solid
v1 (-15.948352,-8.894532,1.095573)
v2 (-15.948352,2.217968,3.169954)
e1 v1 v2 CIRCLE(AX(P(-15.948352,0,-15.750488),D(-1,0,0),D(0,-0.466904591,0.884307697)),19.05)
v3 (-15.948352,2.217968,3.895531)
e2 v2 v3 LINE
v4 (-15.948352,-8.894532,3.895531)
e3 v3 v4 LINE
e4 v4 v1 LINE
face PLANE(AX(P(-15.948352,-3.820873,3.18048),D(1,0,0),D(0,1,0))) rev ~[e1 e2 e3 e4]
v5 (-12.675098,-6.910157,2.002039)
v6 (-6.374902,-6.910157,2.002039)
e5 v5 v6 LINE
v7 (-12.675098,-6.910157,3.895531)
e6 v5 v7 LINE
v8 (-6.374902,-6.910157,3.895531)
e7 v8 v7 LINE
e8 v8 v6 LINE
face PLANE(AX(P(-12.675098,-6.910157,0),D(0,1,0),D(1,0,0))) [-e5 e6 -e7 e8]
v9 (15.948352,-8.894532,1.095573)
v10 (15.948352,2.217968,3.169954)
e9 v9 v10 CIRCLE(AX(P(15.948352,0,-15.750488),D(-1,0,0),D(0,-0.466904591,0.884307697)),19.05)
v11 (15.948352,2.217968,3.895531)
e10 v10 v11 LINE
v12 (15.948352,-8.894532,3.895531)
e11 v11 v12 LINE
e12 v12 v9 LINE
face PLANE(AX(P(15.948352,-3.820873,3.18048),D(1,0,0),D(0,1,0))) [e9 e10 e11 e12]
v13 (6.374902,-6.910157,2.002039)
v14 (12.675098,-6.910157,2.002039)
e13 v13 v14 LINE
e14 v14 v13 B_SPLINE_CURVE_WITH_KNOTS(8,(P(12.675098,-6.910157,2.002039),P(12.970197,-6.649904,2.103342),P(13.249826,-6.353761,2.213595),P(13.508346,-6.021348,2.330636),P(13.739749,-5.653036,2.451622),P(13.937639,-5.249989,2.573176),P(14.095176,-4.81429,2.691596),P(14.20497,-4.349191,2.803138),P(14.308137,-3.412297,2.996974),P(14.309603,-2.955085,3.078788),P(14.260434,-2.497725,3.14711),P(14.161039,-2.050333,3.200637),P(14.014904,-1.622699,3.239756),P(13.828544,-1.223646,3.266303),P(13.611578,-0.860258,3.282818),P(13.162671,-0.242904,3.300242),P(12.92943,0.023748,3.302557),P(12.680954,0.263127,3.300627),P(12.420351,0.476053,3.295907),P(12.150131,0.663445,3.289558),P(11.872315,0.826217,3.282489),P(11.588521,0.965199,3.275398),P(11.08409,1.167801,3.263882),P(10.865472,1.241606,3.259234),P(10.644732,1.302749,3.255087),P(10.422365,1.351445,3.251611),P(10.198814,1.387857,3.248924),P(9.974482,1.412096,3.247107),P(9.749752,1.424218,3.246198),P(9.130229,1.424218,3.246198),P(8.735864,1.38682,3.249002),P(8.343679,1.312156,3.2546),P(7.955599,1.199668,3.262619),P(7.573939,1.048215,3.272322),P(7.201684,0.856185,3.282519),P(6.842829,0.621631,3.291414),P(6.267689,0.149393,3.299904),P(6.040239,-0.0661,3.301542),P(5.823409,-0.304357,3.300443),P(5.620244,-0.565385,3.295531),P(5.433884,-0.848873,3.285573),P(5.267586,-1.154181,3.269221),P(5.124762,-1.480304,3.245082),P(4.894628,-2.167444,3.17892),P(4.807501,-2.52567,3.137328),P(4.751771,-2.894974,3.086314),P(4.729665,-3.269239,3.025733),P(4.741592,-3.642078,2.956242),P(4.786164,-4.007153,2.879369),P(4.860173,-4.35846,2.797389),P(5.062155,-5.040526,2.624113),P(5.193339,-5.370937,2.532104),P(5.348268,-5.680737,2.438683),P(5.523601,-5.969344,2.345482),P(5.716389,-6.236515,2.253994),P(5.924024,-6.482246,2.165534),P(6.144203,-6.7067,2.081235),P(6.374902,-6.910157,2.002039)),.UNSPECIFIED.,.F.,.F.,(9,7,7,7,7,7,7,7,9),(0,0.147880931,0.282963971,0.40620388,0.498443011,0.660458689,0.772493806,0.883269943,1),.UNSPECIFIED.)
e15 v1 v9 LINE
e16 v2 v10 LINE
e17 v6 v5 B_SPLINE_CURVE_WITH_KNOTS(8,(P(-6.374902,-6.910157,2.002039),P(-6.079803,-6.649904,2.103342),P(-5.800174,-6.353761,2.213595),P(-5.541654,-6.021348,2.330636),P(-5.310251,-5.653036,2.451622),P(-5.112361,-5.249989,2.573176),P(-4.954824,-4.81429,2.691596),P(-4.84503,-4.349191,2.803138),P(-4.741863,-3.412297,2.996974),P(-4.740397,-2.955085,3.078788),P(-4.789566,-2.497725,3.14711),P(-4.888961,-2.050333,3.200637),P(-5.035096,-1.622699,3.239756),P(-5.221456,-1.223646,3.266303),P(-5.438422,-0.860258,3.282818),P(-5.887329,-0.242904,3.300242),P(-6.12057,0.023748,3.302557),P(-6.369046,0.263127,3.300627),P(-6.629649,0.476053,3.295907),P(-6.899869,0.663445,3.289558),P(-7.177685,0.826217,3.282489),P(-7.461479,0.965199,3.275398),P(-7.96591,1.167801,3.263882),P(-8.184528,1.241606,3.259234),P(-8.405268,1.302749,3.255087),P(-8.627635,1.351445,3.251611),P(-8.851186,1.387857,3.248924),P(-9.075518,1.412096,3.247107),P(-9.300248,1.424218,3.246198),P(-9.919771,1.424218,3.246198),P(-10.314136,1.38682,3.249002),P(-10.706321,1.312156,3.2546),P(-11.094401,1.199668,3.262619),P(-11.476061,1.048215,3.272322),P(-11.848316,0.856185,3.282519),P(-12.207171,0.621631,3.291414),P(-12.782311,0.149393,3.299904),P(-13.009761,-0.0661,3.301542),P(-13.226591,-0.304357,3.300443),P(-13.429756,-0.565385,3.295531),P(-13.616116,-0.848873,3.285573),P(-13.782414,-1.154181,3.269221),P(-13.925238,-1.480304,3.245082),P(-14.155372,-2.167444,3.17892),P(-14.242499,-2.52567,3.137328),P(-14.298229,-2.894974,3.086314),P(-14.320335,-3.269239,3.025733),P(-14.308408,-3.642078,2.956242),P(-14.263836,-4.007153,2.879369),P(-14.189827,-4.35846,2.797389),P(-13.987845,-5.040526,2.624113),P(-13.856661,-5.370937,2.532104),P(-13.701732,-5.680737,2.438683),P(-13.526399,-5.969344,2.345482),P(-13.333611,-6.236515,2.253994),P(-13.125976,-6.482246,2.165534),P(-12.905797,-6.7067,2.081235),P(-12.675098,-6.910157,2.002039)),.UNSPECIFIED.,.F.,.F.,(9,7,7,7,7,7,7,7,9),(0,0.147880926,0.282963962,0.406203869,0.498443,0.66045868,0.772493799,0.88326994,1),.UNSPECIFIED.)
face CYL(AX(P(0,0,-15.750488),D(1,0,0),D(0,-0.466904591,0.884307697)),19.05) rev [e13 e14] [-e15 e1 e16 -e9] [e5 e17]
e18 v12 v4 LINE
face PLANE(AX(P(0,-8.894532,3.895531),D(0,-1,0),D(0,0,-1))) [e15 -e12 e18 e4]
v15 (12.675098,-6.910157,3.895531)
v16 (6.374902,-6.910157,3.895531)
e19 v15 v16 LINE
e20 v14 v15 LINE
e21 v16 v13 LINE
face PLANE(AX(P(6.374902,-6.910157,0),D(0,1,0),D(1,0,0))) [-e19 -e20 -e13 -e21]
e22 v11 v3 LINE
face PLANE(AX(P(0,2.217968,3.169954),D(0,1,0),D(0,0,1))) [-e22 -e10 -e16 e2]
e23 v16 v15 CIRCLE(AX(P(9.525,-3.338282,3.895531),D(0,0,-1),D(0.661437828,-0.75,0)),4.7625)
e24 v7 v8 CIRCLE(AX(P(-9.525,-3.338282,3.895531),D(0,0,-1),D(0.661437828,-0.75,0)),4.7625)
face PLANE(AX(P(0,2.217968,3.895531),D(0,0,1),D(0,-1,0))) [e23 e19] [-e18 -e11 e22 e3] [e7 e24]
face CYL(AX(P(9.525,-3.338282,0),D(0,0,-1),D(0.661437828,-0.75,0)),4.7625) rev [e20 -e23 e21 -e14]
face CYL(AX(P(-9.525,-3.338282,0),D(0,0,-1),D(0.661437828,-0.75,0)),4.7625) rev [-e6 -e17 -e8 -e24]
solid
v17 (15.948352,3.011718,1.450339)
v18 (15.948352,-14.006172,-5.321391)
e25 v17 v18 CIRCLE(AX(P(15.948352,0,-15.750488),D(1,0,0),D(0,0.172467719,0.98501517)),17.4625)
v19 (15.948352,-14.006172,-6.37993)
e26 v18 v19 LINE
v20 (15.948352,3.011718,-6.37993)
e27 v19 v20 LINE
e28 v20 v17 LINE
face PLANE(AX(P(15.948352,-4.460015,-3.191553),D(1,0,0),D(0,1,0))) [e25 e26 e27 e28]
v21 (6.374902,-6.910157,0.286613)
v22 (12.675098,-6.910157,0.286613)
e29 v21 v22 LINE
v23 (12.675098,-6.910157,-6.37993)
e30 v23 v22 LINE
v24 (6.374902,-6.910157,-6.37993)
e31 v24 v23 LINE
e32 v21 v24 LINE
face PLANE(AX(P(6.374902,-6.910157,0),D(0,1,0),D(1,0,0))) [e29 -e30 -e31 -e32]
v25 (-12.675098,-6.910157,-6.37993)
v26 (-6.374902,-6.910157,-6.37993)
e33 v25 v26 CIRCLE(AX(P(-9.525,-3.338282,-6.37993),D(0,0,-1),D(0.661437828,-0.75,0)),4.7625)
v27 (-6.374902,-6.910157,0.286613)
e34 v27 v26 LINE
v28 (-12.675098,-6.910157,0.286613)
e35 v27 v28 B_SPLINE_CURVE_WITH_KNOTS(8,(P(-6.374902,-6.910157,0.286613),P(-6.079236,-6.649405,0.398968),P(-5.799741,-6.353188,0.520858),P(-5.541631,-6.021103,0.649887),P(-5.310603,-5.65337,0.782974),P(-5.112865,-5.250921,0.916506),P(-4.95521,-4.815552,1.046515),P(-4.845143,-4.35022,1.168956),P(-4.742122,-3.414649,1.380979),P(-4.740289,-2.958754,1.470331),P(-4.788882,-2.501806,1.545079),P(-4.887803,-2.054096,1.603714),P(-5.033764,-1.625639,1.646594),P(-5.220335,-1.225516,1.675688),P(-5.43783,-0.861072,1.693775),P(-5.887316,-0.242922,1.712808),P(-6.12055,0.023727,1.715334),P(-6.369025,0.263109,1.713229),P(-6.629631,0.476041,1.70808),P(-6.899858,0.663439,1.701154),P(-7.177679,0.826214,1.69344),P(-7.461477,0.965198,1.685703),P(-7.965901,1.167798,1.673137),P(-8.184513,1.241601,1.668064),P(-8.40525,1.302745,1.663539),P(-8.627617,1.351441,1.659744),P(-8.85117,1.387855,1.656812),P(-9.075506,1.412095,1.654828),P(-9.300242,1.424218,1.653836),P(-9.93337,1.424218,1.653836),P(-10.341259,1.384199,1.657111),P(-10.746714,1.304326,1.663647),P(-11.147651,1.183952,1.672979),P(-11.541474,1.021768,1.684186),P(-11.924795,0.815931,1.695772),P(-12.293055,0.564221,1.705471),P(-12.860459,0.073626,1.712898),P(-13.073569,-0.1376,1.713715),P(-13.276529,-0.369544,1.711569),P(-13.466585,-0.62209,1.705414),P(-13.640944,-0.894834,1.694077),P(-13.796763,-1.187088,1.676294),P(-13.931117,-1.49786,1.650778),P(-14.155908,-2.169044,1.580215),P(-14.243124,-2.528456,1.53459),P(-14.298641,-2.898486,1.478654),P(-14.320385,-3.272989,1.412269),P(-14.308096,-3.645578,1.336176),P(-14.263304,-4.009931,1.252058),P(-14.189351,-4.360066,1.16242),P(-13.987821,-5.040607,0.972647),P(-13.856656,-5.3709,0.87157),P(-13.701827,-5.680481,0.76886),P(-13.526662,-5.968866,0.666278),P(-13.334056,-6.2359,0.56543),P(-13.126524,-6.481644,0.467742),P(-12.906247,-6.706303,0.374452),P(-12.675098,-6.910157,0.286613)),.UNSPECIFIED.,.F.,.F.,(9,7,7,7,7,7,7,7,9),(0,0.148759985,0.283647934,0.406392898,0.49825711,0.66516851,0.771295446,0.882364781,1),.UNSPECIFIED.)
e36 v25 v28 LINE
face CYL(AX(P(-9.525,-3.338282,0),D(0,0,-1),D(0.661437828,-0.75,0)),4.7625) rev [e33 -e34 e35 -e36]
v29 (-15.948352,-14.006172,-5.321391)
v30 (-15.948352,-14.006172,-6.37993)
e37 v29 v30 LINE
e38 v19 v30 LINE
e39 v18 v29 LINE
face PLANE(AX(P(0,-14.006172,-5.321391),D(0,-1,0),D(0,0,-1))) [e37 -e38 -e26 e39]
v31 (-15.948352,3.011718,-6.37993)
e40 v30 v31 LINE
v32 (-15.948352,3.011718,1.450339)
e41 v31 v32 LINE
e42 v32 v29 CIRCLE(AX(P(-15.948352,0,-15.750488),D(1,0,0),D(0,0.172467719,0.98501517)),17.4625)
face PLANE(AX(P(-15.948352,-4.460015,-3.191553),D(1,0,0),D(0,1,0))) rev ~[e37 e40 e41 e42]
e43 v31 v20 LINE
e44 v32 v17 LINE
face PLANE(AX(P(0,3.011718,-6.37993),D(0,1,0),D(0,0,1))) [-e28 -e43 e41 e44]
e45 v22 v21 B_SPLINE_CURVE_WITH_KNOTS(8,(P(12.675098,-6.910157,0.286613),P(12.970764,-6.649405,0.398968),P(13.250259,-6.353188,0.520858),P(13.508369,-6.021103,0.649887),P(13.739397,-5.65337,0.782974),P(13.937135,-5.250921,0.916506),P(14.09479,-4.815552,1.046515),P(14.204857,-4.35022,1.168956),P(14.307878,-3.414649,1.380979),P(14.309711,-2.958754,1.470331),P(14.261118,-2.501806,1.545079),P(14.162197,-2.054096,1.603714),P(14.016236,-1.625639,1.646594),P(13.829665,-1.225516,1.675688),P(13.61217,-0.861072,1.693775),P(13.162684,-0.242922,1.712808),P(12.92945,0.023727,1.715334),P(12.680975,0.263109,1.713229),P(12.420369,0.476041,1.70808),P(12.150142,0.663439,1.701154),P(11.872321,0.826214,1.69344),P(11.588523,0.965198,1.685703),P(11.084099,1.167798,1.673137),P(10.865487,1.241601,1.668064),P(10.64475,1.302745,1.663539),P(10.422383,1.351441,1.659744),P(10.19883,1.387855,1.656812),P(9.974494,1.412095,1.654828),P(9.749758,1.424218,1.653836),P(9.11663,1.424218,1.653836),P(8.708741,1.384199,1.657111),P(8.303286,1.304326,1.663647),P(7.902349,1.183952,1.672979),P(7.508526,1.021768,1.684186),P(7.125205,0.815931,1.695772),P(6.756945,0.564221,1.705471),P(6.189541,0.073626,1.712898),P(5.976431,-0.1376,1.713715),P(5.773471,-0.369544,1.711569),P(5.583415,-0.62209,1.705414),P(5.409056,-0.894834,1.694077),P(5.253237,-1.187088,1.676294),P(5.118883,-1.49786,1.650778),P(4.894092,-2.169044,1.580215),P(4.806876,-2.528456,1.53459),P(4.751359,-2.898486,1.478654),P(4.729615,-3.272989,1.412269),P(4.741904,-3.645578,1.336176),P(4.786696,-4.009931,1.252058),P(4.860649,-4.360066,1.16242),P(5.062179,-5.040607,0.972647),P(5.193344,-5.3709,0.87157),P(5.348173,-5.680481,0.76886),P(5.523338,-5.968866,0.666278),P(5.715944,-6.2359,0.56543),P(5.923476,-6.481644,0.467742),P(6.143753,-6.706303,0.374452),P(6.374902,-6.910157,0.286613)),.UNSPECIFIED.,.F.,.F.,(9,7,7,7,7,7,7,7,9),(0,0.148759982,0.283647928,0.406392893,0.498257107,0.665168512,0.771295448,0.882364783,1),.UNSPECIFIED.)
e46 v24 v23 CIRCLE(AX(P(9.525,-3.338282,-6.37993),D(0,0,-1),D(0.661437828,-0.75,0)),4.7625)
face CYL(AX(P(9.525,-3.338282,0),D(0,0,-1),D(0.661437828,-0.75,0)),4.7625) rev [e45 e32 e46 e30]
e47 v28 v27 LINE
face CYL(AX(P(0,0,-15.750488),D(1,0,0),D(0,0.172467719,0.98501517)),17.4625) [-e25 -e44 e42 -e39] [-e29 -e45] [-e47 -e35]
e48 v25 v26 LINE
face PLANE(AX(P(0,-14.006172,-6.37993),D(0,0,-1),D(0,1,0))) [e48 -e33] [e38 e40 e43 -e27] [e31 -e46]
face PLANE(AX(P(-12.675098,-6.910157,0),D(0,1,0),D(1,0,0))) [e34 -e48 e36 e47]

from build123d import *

# Parameters (mm, degrees)
F4_DEPTH      = 15.9483520034
F4_DEPTH_BACK = 15.9483520034
F5_DEPTH      = 6.3809299883
F5_DEPTH_BACK = 3.8965306216


with BuildPart() as f4:
    # F2 (on Right) → F4 (new body, two sides)
    with BuildSketch(Plane.YZ) as f4_sk:
        with BuildLine():
            Line((-14.0061716288, -6.3799299883), (3.0117175353, -6.3799299883))
            Line((3.0117175353, -6.3799299883), (3.0117175353, 1.4503391406))
            ThreePointArc((3.0117175353, 1.4503391406), (-6.456282884, 0.474656335), (-14.0061716288, -5.3213913543))
            Line((-14.0061716288, -5.3213913543), (-14.0061716288, -6.3799299883))
        make_face()
    extrude(amount=F4_DEPTH)
    extrude(f4_sk.sketch, amount=-F4_DEPTH_BACK)


with BuildPart() as f4b:
    # F2 (on Right) → F4, piece 2 (new body, two sides)
    with BuildSketch(Plane.YZ) as f4_2_sk:
        with BuildLine():
            Line((-8.8945324647, 3.8955306216), (-8.8945324647, 1.0955733502))
            ThreePointArc((-8.8945324647, 1.0955733502), (-3.4956963756, 2.9760332092), (2.2179675353, 3.1699535819))
            Line((2.2179675353, 3.1699535819), (2.2179675353, 3.8955306216))
            Line((2.2179675353, 3.8955306216), (-8.8945324647, 3.8955306216))
        make_face()
    extrude(amount=F4_DEPTH)
    extrude(f4_2_sk.sketch, amount=-F4_DEPTH_BACK)


with BuildPart() as f5_tool:
    # F3 (on Top) → F5 (new body, two sides)
    with BuildSketch(Plane.XY) as f5_sk:
        with BuildLine():
            ThreePointArc((-6.3749023453, -6.9101574647), (-9.525, 1.4242175353), (-12.6750976547, -6.9101574647))
            Line((-12.6750976547, -6.9101574647), (-6.3749023453, -6.9101574647))
        make_face()
        with BuildLine():
            Line((6.3749023453, -6.9101574647), (12.6750976547, -6.9101574647))
            ThreePointArc((12.6750976547, -6.9101574647), (9.525, 1.4242175353), (6.3749023453, -6.9101574647))
        make_face()
    extrude(amount=-F5_DEPTH)
    extrude(f5_sk.sketch, amount=F5_DEPTH_BACK)


with BuildPart() as f4_1:
    add(f4.part)

    # F5: cut by f5_tool
    add(f5_tool.part, mode=Mode.SUBTRACT)


with BuildPart() as f4b_1:
    add(f4b.part)

    # F5: cut by f5_tool
    add(f5_tool.part, mode=Mode.SUBTRACT)


solid = Compound([f4_1.part, f4b_1.part])
